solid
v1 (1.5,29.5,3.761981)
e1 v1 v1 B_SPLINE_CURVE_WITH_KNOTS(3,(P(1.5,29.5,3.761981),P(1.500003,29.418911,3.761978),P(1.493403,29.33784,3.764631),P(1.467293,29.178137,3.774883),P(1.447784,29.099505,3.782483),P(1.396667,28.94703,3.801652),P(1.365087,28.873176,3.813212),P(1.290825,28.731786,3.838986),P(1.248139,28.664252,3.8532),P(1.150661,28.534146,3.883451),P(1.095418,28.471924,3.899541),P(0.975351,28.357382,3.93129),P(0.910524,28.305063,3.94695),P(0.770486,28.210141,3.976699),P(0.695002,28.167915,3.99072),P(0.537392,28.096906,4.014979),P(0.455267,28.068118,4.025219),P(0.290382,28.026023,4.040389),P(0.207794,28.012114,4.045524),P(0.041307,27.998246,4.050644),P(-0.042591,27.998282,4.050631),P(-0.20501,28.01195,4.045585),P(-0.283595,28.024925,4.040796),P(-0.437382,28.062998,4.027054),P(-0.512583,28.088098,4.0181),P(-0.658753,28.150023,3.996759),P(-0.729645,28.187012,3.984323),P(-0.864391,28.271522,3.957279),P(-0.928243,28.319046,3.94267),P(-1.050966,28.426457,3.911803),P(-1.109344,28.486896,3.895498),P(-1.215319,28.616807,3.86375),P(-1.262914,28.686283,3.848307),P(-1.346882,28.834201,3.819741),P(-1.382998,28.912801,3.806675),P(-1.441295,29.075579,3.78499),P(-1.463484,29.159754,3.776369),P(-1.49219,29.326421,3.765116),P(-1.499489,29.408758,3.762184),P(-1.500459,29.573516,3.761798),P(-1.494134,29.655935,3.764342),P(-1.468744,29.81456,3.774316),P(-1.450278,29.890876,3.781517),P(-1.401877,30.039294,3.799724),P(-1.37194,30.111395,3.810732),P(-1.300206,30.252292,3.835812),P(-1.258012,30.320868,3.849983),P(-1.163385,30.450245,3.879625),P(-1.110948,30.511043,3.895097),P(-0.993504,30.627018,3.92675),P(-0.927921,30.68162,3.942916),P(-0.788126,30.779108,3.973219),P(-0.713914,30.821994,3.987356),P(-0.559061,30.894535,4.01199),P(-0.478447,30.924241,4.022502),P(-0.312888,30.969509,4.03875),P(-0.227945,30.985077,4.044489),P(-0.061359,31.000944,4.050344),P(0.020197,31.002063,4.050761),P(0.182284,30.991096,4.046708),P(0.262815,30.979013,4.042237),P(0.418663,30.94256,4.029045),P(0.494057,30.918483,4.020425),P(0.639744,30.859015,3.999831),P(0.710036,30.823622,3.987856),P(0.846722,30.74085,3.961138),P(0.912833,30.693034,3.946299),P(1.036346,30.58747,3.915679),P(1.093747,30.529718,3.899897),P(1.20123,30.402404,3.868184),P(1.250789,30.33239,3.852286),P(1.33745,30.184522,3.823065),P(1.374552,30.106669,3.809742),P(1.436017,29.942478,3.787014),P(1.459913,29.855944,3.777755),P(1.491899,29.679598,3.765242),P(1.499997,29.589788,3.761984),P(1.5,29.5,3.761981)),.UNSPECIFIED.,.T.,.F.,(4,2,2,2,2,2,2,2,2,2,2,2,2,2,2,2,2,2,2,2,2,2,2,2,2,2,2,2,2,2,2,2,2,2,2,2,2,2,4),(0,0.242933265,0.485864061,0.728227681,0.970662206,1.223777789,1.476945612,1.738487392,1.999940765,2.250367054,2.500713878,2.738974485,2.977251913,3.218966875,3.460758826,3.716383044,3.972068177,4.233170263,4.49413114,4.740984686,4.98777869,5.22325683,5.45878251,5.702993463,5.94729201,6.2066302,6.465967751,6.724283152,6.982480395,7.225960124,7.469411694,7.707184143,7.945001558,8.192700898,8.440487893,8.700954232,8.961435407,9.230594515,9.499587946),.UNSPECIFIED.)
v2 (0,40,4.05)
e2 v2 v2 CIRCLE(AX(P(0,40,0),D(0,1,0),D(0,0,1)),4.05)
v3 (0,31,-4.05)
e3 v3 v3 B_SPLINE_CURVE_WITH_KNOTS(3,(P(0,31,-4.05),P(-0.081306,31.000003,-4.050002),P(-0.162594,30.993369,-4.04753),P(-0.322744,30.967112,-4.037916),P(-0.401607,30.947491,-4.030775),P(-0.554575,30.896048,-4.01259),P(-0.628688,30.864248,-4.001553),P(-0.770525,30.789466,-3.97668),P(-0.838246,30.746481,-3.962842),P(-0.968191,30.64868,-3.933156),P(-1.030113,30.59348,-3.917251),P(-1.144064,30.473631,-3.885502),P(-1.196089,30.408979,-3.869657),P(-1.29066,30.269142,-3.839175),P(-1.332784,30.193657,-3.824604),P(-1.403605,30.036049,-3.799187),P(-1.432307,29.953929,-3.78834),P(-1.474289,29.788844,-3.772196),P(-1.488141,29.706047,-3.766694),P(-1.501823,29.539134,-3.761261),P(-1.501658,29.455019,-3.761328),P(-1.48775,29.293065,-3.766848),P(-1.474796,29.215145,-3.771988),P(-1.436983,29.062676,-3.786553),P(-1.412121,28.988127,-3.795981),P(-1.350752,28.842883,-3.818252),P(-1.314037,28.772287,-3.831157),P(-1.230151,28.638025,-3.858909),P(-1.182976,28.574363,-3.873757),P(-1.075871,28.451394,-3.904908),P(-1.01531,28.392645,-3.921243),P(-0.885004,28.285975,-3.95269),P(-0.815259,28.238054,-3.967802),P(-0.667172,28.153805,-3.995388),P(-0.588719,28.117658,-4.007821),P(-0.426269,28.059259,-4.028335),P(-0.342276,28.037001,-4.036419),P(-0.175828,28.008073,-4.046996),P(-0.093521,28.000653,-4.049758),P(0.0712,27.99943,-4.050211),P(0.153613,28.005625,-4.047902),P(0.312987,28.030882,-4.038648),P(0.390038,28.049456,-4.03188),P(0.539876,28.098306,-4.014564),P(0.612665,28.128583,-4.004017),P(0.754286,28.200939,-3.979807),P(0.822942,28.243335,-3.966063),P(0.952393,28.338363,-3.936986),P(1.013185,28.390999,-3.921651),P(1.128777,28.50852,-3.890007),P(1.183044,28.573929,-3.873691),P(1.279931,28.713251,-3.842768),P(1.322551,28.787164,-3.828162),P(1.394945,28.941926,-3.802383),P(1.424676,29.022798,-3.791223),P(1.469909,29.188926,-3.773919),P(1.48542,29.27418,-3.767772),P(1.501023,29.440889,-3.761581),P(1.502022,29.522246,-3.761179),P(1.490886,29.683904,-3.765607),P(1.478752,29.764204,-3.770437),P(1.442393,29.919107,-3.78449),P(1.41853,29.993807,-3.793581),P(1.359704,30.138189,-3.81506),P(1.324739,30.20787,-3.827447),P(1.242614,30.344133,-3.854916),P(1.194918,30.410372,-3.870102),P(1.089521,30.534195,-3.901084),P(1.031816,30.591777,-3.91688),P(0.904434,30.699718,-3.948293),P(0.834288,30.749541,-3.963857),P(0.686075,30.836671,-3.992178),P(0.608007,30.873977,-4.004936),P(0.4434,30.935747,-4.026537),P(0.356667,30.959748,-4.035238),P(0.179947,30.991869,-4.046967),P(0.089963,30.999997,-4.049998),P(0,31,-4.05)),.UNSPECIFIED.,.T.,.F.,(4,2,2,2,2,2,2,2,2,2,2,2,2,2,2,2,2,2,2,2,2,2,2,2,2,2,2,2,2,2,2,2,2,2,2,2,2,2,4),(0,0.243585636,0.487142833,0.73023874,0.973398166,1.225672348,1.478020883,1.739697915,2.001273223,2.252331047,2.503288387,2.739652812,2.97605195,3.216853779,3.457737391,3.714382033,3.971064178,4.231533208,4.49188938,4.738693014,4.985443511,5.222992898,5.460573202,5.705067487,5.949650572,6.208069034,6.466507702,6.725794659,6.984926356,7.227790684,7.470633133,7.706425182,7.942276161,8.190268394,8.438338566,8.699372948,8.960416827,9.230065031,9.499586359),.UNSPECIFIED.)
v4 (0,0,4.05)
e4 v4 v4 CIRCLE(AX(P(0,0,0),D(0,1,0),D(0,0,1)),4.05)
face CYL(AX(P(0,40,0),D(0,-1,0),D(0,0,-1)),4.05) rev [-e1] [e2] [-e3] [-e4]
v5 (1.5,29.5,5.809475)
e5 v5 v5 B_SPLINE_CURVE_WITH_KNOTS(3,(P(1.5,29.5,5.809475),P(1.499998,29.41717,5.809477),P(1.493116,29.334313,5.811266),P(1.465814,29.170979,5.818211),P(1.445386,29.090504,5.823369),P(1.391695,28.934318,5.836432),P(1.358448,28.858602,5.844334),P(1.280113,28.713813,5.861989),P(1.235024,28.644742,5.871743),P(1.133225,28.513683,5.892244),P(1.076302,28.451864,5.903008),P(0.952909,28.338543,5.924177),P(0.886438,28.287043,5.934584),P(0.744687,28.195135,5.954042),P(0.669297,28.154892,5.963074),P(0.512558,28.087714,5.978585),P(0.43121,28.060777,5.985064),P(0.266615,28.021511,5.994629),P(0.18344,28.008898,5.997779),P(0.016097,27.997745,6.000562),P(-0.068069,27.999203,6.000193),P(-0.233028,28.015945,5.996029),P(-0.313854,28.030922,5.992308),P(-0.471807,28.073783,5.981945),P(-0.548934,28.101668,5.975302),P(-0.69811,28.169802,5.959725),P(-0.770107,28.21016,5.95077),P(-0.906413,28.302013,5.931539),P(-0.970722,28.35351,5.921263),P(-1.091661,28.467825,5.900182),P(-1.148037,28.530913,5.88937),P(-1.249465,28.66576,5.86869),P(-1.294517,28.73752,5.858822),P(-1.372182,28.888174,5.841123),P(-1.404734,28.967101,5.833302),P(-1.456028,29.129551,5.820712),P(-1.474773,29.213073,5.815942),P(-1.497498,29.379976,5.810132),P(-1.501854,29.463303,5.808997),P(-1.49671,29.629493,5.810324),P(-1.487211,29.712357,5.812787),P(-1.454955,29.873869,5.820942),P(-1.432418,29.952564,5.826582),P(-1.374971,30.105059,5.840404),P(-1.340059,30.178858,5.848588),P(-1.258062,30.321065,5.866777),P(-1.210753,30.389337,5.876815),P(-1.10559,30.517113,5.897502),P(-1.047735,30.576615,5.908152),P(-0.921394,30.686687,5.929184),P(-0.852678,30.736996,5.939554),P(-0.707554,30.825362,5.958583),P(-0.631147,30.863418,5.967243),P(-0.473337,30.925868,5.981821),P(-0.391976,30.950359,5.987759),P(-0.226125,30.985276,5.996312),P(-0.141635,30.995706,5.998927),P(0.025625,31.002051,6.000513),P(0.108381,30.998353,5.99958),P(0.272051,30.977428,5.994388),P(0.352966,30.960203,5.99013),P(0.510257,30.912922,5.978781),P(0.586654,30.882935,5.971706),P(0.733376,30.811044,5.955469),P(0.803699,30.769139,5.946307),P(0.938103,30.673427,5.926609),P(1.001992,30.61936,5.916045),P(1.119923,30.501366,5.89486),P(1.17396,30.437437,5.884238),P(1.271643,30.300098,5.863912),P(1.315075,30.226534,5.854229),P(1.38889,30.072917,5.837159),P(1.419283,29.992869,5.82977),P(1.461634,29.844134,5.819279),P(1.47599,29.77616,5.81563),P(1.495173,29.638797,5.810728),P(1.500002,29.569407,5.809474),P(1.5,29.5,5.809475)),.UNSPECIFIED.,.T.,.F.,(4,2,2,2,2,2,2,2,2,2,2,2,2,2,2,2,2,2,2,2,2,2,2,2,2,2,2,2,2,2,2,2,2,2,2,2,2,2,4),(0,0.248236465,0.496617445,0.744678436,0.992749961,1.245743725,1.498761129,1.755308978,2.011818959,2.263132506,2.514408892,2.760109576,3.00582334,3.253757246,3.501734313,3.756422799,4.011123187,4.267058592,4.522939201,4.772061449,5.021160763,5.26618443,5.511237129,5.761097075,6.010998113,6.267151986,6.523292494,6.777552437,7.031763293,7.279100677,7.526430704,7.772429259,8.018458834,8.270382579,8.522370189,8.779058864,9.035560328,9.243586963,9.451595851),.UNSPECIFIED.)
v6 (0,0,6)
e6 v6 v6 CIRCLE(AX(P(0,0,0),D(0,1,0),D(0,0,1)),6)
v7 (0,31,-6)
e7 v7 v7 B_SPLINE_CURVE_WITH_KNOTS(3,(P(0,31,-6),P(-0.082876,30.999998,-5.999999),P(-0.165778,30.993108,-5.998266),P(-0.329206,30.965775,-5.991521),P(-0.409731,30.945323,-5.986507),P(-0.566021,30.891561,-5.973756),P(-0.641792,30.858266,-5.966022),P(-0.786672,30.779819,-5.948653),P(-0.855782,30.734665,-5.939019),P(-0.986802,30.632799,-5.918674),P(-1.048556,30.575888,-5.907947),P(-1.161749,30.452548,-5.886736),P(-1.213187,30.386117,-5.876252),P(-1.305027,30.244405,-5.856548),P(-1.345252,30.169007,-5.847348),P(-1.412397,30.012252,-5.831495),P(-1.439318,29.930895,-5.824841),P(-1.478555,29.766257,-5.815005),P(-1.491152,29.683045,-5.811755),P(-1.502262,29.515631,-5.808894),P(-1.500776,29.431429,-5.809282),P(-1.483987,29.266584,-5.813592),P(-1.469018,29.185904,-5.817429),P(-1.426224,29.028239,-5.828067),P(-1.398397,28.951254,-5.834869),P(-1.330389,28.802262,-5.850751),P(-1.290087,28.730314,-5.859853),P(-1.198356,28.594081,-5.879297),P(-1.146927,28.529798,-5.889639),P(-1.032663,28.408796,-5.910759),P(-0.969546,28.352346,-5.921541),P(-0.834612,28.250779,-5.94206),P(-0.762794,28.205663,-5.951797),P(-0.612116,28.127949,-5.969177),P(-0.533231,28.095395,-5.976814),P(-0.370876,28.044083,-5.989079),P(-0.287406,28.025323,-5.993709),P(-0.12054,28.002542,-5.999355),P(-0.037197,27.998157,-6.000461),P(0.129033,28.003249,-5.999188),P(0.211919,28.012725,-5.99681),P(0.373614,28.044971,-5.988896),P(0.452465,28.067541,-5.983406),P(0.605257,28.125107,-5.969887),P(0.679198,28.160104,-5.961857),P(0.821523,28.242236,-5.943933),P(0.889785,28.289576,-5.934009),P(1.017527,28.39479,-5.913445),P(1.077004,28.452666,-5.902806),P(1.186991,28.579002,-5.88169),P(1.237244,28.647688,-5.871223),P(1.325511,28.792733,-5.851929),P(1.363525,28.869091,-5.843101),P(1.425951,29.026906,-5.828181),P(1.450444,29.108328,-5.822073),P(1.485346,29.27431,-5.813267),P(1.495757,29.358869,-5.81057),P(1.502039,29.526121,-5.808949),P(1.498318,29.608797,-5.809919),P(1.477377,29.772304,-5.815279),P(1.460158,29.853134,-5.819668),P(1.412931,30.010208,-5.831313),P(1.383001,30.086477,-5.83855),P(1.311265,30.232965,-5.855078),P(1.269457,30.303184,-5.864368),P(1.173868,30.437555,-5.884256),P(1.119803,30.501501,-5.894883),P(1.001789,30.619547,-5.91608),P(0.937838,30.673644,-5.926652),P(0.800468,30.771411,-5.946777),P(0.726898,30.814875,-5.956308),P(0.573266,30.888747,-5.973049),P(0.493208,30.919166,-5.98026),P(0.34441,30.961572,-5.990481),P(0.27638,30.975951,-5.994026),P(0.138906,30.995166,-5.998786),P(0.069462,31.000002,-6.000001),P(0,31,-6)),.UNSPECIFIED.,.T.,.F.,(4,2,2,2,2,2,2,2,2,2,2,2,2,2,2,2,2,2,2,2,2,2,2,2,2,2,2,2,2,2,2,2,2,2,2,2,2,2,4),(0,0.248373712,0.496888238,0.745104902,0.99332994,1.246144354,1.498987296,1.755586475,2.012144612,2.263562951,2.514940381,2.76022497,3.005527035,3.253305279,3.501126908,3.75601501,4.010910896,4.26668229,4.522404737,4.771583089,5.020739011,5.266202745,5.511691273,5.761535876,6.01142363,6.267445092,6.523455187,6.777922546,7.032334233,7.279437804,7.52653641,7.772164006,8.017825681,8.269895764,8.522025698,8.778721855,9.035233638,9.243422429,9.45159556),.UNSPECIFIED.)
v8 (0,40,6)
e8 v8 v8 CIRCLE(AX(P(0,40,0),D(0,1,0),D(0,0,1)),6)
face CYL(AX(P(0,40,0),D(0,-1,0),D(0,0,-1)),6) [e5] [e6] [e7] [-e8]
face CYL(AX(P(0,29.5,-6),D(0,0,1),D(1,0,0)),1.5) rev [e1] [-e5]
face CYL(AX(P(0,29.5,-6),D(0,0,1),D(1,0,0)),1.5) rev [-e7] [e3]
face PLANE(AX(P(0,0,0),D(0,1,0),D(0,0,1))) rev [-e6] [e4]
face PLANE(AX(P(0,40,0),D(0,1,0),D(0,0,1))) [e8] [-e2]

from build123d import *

# Parameters (mm, degrees)
SKETCH_1_R               = 6
SKETCH_1_R_2             = 4.05
EXTRUDE_1_DEPTH          = 40
CUT_EXTRUDE_1_DEPTH      = 41.890096601
CUT_EXTRUDE_1_DEPTH_BACK = 41.890096601
SKETCH_2_R               = 1.5


with BuildPart() as part:
    # 草图1 → 凸台-拉伸1 (new body)
    with BuildSketch(Plane(origin=(0, 0, 0), x_dir=(1, 0, 0), z_dir=(0, 1, 0))):
        with Locations(Location((0, 0, 0), (0, 0, 270))):
            Circle(SKETCH_1_R)
        with Locations(Location((0, 0, 0), (0, 0, 270))):
            Circle(SKETCH_1_R_2, mode=Mode.SUBTRACT)
    extrude(amount=EXTRUDE_1_DEPTH)

    # 草图2 → 切除-拉伸1 (cut, two sides: drawn at the far end of the back side and taken through both)
    with BuildSketch(Plane.XY.offset(-CUT_EXTRUDE_1_DEPTH_BACK)):
        with Locations((0, 29.5)):
            Circle(SKETCH_2_R)
    extrude(amount=CUT_EXTRUDE_1_DEPTH + CUT_EXTRUDE_1_DEPTH_BACK, mode=Mode.SUBTRACT)


solid = part.part
